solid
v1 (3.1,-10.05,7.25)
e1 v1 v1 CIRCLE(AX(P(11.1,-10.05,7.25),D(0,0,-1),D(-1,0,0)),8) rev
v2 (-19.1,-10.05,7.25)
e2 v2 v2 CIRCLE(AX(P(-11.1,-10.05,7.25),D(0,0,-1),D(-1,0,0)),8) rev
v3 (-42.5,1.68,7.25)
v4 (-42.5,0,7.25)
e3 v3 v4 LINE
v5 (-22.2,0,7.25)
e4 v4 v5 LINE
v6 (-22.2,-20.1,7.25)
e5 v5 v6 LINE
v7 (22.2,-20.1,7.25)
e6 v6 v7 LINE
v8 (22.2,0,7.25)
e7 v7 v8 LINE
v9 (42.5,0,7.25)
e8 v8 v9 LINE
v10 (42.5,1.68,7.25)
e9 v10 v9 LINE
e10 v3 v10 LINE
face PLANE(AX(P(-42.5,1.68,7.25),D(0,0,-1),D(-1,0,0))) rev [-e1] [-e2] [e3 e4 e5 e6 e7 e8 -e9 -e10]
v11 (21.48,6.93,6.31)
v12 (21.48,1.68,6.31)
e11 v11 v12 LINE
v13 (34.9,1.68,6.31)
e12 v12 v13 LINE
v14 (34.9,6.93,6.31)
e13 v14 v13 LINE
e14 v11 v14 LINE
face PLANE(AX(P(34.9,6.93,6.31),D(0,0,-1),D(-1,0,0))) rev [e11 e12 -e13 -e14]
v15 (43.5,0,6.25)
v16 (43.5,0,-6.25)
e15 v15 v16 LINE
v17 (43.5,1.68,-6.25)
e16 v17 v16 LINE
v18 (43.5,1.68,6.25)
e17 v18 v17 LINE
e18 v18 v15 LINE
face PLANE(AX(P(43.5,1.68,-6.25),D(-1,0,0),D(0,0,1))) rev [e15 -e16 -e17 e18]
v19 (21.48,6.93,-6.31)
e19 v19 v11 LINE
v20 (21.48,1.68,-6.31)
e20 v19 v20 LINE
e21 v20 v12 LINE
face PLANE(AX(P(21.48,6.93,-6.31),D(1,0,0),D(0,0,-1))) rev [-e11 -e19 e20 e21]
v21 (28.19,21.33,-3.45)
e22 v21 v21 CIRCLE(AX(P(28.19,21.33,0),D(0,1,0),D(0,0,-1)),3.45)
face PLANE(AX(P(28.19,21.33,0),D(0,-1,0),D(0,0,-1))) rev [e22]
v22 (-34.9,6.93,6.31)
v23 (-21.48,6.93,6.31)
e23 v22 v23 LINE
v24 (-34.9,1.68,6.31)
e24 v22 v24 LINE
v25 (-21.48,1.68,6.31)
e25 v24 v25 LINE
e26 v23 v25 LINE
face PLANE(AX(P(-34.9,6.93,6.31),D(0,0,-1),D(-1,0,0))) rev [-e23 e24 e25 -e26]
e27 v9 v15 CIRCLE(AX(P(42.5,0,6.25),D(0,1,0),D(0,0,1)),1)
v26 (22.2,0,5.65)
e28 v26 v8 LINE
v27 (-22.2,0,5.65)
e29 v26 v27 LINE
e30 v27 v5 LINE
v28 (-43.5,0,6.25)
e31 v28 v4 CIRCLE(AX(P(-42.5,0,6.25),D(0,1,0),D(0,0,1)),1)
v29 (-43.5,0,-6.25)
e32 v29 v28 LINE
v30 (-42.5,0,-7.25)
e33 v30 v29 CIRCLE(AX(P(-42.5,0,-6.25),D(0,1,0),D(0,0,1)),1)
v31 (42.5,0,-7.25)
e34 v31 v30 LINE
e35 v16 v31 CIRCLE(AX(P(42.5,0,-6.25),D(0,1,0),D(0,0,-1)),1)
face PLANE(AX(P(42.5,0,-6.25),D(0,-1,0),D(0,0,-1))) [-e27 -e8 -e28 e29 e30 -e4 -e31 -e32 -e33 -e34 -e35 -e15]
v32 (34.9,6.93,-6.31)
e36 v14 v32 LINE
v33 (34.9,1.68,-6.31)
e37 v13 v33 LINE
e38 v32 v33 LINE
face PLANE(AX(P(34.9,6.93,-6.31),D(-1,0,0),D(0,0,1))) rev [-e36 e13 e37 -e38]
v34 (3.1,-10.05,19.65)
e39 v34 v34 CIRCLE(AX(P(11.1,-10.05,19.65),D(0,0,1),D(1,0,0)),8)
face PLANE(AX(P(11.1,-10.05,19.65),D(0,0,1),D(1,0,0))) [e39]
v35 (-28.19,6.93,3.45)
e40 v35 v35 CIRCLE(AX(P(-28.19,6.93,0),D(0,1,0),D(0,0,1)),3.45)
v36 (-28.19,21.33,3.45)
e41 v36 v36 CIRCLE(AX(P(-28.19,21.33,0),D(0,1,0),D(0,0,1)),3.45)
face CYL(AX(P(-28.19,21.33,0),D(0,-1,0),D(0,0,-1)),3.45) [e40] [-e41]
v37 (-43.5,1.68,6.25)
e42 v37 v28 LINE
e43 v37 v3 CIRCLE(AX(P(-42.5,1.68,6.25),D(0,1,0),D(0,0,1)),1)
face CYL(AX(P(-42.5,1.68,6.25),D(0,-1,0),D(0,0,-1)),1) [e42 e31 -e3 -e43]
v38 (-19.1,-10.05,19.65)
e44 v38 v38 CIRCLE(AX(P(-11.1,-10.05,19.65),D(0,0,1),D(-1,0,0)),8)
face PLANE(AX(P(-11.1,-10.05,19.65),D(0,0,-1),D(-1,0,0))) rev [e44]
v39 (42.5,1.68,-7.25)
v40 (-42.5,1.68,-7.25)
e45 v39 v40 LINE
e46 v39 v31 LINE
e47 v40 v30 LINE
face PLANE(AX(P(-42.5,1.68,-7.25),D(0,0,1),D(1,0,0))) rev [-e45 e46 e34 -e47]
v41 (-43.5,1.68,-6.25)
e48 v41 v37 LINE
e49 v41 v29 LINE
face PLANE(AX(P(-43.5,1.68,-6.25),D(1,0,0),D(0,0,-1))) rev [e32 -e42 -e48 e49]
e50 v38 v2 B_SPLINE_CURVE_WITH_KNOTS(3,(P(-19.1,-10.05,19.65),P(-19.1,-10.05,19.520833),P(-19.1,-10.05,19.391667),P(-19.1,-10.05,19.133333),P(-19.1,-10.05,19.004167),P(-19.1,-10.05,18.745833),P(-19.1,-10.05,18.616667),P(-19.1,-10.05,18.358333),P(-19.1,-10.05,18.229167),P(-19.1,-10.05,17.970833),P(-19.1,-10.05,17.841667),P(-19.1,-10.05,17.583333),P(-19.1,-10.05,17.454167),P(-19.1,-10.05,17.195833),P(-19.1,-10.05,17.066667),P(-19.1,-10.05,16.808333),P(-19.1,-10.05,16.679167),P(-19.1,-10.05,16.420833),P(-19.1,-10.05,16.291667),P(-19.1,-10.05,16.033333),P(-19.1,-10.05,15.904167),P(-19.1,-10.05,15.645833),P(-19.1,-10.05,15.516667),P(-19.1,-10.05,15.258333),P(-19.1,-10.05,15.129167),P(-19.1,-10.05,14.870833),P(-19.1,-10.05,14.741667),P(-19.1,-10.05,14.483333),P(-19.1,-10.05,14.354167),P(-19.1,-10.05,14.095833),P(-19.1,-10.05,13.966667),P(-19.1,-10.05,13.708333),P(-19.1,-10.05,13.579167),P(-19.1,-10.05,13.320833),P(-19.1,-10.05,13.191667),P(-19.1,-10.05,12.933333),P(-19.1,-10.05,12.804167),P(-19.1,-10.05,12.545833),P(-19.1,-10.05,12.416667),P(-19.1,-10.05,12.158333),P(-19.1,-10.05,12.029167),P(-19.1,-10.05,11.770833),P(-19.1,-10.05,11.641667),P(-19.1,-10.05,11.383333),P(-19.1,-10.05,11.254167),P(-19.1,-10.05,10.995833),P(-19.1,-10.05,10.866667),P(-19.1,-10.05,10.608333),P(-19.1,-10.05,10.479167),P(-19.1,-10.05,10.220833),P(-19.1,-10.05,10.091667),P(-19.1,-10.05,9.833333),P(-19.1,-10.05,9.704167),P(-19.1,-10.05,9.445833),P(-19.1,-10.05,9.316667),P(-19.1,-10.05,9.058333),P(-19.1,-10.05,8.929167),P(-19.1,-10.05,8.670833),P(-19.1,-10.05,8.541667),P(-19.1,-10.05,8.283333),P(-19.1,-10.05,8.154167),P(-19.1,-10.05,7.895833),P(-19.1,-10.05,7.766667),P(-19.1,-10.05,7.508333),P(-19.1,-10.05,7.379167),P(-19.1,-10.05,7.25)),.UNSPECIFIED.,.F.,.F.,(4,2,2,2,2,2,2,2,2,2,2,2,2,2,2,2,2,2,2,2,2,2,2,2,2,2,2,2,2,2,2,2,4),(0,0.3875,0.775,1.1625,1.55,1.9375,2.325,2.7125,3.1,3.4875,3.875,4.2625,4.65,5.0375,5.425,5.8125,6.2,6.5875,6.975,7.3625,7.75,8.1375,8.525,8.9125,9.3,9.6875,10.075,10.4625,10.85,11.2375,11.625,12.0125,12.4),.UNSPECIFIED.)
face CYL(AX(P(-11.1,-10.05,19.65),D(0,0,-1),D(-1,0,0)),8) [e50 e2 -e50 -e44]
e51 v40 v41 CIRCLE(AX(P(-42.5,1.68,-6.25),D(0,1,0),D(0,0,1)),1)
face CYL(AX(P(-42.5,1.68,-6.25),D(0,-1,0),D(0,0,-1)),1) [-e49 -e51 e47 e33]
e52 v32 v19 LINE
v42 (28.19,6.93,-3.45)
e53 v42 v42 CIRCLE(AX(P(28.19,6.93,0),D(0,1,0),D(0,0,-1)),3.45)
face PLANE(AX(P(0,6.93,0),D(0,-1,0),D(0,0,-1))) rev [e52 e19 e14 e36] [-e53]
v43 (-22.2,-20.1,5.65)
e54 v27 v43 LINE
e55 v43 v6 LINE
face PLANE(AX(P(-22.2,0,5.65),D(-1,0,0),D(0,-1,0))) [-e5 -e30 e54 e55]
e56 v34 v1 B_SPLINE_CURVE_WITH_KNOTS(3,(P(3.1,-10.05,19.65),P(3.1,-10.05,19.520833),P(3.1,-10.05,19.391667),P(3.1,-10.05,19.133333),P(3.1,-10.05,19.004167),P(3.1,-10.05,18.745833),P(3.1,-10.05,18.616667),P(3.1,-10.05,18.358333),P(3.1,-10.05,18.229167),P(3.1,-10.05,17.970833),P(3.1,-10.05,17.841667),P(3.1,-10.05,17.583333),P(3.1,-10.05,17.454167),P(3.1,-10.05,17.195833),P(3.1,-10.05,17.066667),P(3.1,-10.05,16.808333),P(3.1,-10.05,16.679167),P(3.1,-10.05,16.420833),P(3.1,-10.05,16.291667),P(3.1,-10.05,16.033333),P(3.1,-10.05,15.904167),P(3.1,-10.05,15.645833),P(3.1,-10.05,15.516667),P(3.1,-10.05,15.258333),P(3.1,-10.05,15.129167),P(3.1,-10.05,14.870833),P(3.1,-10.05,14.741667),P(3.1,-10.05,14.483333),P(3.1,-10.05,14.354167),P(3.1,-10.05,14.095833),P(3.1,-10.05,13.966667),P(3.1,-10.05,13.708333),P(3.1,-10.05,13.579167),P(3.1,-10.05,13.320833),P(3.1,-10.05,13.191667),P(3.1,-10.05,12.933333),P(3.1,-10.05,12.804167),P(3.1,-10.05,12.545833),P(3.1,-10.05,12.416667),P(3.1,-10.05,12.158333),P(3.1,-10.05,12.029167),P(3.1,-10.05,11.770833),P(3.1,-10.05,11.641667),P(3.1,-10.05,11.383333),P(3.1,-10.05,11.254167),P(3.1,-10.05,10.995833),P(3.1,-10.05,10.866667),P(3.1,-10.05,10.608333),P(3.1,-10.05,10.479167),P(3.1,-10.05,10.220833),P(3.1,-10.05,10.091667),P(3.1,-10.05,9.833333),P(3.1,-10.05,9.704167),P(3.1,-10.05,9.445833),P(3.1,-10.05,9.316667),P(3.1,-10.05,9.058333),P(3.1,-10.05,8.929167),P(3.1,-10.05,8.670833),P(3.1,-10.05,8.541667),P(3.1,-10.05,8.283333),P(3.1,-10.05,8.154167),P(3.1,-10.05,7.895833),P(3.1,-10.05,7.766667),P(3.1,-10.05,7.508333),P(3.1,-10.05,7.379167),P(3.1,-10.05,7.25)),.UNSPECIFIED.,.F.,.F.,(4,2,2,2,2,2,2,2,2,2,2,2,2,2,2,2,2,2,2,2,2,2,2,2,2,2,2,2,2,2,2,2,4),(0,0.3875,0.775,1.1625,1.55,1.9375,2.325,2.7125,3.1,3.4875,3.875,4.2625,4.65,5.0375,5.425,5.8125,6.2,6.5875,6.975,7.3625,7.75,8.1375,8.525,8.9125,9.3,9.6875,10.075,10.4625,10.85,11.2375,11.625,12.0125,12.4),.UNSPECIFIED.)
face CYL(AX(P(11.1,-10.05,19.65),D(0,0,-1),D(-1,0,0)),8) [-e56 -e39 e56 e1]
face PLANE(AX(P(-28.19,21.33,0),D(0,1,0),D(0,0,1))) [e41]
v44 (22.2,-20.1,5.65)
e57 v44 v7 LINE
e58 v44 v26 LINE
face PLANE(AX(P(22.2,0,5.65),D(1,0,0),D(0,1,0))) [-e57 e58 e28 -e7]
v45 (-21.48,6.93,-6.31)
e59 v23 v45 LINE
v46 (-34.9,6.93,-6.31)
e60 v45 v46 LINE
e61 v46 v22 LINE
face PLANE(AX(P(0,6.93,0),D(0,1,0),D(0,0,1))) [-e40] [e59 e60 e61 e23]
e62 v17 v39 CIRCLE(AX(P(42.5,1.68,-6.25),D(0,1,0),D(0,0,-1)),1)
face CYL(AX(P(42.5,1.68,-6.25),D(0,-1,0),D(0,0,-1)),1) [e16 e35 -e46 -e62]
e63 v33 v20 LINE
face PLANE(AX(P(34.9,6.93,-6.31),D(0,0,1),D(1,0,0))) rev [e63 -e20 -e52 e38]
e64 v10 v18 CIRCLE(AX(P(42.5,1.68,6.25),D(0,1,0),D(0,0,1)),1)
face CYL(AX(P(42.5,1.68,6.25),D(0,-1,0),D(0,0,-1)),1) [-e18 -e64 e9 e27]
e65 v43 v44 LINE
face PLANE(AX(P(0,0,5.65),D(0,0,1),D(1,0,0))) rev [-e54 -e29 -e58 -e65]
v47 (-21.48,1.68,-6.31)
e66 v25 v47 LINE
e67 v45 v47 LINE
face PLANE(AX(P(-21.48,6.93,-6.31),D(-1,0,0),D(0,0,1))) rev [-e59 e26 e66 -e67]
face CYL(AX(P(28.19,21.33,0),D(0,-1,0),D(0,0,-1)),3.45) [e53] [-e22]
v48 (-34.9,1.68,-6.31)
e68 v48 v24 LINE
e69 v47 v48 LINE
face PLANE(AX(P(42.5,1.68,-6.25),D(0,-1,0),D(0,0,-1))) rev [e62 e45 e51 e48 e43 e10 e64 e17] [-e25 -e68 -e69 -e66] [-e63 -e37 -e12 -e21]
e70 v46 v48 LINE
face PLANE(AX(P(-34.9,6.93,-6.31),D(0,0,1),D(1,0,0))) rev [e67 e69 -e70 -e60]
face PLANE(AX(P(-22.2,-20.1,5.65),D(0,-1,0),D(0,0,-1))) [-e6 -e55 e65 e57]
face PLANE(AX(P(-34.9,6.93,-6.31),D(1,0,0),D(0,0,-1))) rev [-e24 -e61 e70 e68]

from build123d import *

# Parameters (mm, degrees)
BOSS_EXTRUDE1_DEPTH = 1.68
SKETCH3_W           = 13.42
SKETCH3_H           = 12.62
BOSS_EXTRUDE2_DEPTH = 5.25
SKETCH4_R           = 3.45
BOSS_EXTRUDE3_DEPTH = 14.4
SKETCH5_W           = 44.4
SKETCH5_H           = 20.1
BOSS_EXTRUDE4_DEPTH = 1.6
SKETCH6_R           = 8
BOSS_EXTRUDE5_DEPTH = 12.4


with BuildPart() as part:
    # Sketch1 → Boss-Extrude1 (new body)
    with BuildSketch(Plane(origin=(0, 0, 0), x_dir=(1, 0, 0), z_dir=(0, 1, 0))):
        with BuildLine():
            Line((-42.5, 7.25), (42.5, 7.25))
            ThreePointArc((42.5, 7.25), (43.207106781, 6.957106781), (43.5, 6.25))
            Line((43.5, 6.25), (43.5, -6.25))
            ThreePointArc((43.5, -6.25), (43.207106781, -6.957106781), (42.5, -7.25))
            Line((42.5, -7.25), (-42.5, -7.25))
            ThreePointArc((-42.5, -7.25), (-43.207106781, -6.957106781), (-43.5, -6.25))
            Line((-43.5, -6.25), (-43.5, 6.25))
            ThreePointArc((-43.5, 6.25), (-43.207106781, 6.957106781), (-42.5, 7.25))
        make_face()
    extrude(amount=BOSS_EXTRUDE1_DEPTH)

    # Sketch3 → Boss-Extrude2 (add)
    with BuildSketch(Plane(origin=(0, 1.68, 0), x_dir=(1, 0, 0), z_dir=(0, 1, 0))):
        with Locations((28.19, 0)):
            Rectangle(SKETCH3_W, SKETCH3_H)
        with Locations((-28.19, 0)):
            Rectangle(SKETCH3_W, SKETCH3_H)
    extrude(amount=BOSS_EXTRUDE2_DEPTH)

    # Sketch4 → Boss-Extrude3 (add)
    with BuildSketch(Plane(origin=(0, 6.93, 0), x_dir=(1, 0, 0), z_dir=(0, 1, 0))):
        with Locations(Location((-28.19, 0, 0), (0, 0, 270))):
            Circle(SKETCH4_R)
        with Locations(Location((28.19, 0, 0), (0, 0, 90))):
            Circle(SKETCH4_R)
    extrude(amount=BOSS_EXTRUDE3_DEPTH)

    # Sketch5 → Boss-Extrude4 (add)
    with BuildSketch(Plane.XY.offset(7.25)):
        with Locations((0, -10.05)):
            Rectangle(SKETCH5_W, SKETCH5_H)
    extrude(amount=-BOSS_EXTRUDE4_DEPTH)

    # Sketch6 → Boss-Extrude5 (add)
    with BuildSketch(Plane.XY.offset(7.25)):
        with Locations(Location((11.1, -10.05, 0), (0, 0, 180))):
            Circle(SKETCH6_R)
        with Locations(Location((-11.1, -10.05, 0), (0, 0, 180))):
            Circle(SKETCH6_R)
    extrude(amount=BOSS_EXTRUDE5_DEPTH)


solid = part.part
